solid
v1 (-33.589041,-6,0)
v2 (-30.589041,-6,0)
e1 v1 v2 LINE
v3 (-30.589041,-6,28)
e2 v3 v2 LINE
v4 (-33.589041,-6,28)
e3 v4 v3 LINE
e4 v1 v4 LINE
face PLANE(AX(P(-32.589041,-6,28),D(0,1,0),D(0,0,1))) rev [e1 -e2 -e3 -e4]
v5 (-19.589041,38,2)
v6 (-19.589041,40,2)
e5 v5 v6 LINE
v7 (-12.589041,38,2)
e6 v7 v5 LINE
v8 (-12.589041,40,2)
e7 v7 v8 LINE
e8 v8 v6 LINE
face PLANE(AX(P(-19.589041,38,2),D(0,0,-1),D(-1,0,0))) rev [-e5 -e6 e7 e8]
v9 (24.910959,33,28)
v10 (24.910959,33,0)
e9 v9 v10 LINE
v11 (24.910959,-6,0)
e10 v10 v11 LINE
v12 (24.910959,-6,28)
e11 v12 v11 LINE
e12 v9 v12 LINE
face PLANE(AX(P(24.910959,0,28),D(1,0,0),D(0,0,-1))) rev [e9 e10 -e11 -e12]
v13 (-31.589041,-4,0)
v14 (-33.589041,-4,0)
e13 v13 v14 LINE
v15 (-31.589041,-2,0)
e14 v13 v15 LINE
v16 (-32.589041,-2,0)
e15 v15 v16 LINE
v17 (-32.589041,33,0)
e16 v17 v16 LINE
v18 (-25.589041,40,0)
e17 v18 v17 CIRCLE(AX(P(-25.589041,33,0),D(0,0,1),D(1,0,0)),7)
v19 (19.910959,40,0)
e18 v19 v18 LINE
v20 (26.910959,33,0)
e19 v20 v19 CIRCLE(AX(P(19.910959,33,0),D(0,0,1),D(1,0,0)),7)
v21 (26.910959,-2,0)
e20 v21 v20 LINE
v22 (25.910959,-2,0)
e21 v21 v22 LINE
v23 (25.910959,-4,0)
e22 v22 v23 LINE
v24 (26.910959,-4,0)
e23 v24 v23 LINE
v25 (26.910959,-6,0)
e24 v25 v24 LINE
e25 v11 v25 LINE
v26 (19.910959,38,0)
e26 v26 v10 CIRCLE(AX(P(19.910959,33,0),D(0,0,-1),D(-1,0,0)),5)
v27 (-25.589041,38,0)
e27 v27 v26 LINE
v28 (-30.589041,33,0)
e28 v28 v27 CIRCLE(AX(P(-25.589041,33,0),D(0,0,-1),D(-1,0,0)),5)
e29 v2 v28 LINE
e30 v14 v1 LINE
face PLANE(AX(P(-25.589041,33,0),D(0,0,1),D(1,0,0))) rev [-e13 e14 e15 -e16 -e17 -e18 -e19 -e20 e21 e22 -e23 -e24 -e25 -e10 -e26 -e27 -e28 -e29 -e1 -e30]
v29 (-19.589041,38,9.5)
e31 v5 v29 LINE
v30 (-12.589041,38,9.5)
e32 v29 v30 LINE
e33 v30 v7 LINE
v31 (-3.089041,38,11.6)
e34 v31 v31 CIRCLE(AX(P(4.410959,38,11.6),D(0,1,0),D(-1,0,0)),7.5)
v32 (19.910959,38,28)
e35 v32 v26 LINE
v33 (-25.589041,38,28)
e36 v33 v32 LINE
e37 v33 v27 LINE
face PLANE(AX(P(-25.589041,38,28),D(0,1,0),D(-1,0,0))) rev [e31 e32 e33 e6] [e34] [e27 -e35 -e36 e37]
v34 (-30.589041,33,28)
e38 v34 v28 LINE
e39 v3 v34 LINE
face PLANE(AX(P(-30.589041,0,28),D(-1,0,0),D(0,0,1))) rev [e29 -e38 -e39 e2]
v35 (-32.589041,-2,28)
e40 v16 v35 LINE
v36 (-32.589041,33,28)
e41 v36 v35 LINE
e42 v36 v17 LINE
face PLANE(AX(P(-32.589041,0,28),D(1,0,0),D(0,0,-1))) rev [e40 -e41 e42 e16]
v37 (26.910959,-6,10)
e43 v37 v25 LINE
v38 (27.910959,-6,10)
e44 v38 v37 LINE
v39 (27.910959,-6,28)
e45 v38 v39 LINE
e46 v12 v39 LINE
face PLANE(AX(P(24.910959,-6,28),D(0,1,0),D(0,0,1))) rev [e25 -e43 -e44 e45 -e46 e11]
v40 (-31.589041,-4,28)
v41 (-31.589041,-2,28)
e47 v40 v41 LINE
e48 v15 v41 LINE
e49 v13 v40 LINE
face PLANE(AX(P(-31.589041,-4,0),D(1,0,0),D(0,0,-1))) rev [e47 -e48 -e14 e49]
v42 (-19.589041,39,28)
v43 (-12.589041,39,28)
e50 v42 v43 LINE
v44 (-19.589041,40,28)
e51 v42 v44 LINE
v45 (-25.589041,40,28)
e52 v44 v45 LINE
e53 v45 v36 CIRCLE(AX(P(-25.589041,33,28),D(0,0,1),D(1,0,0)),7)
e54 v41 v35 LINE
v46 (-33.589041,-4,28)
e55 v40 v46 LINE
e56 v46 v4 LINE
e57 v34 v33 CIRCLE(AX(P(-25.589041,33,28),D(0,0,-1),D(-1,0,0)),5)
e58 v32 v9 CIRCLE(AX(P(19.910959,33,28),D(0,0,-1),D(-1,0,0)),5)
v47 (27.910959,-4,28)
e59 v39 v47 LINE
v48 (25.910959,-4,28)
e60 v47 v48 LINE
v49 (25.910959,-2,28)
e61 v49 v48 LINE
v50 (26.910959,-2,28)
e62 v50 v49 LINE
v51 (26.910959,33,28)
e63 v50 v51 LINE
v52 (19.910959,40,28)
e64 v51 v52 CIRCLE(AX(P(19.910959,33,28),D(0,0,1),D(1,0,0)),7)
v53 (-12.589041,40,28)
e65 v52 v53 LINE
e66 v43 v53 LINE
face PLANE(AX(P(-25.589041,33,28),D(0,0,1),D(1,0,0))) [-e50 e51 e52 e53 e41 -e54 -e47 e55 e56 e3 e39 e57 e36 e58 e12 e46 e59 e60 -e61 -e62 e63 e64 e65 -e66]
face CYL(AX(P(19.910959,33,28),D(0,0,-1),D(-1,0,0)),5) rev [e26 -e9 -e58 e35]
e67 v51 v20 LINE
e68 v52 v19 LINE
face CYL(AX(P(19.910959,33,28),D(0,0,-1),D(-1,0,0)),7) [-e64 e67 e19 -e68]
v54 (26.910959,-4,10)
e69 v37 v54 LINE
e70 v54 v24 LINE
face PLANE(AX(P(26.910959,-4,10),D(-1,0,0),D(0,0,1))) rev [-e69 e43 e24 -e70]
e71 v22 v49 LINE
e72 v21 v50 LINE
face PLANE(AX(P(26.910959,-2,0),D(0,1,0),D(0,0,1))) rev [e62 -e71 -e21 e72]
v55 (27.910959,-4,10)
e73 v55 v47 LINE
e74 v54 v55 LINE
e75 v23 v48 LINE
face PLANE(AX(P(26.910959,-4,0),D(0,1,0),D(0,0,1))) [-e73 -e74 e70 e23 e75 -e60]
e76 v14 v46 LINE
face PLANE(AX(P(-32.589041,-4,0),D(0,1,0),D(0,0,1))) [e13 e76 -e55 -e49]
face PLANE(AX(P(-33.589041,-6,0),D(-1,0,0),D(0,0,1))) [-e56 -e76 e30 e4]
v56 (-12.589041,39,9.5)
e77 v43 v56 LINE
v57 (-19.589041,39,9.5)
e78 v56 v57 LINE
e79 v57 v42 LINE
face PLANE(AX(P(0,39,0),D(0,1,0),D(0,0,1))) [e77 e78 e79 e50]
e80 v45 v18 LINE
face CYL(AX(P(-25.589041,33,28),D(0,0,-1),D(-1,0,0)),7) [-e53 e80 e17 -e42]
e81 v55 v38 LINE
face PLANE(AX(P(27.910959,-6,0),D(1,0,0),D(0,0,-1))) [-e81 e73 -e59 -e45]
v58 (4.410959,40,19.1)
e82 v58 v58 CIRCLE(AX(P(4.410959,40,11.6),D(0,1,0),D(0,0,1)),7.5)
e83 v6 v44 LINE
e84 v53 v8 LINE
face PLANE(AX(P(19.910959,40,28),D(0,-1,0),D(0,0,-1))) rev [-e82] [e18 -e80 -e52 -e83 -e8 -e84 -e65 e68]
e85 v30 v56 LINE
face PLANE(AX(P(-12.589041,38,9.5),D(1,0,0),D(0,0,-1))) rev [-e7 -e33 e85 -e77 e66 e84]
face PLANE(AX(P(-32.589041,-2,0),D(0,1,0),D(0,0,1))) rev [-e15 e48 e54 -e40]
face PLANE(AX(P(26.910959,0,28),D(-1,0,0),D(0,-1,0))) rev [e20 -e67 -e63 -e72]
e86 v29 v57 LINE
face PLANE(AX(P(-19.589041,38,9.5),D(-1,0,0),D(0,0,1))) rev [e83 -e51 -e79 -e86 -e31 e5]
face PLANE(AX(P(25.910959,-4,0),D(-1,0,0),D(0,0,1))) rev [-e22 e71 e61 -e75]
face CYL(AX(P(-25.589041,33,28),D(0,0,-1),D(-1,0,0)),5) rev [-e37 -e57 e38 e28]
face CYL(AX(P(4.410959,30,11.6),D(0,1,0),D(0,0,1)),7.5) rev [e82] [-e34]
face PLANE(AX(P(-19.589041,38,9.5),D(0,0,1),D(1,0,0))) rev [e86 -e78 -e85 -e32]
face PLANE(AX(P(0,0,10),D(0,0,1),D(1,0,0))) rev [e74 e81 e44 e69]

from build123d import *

# Parameters (mm, degrees)
BOSS_EXTRUDE1_DEPTH = 28
SKETCH2_W           = 1
SKETCH2_H           = 2
BOSS_EXTRUDE2_DEPTH = 28
SKETCH3_W           = 1
SKETCH3_H           = 2
CUT_EXTRUDE1_DEPTH  = 60.264016753
SKETCH4_R           = 7.5
CUT_EXTRUDE2_DEPTH  = 10
SKETCH5_W           = 1
SKETCH5_H           = 2
CUT_EXTRUDE3_DEPTH  = 10
SKETCH6_W           = 7
SKETCH6_H           = 7.5
CUT_EXTRUDE4_DEPTH  = 2
SKETCH7_W           = 7
SKETCH7_H           = 18.5
CUT_EXTRUDE5_DEPTH  = 1


with BuildPart() as part:
    # Sketch1 → Boss-Extrude1 (new body)
    with BuildSketch(Plane.XY):
        with BuildLine():
            Line((-30.589041096, 0), (-30.589041096, 33))
            ThreePointArc((-30.589041096, 33), (-29.124575002, 36.535533906), (-25.589041096, 38))
            Line((-25.589041096, 38), (19.910958904, 38))
            ThreePointArc((19.910958904, 38), (23.44649281, 36.535533906), (24.910958904, 33))
            Line((24.910958904, 33), (24.910958904, 0))
            Line((24.910958904, 0), (24.910958904, -6))
            Line((24.910958904, -6), (26.910958904, -6))
            Line((26.910958904, -6), (26.910958904, 0))
            Line((26.910958904, 0), (26.910958904, 33))
            ThreePointArc((26.910958904, 33), (24.860706372, 37.949747468), (19.910958904, 40))
            Line((19.910958904, 40), (-25.589041096, 40))
            ThreePointArc((-25.589041096, 40), (-30.538788564, 37.949747468), (-32.589041096, 33))
            Line((-32.589041096, 33), (-32.589041096, 0))
            Line((-32.589041096, 0), (-32.589041096, -6))
            Line((-32.589041096, -6), (-30.589041096, -6))
            Line((-30.589041096, -6), (-30.589041096, 0))
        make_face()
    extrude(amount=BOSS_EXTRUDE1_DEPTH)

    # Sketch2 → Boss-Extrude2 (add, through all)
    with BuildSketch(Plane.XY.offset(28)):
        with Locations((-33.089041096, -5)):
            Rectangle(SKETCH2_W, SKETCH2_H)
        with Locations((27.410958904, -5)):
            Rectangle(SKETCH2_W, SKETCH2_H)
    extrude(amount=-BOSS_EXTRUDE2_DEPTH)

    # Sketch3 → Cut-Extrude1 (cut, through all)
    with BuildSketch(Plane.XY.offset(28)):
        with Locations((-32.089041096, -3)):
            Rectangle(SKETCH3_W, SKETCH3_H)
        with Locations((26.410958904, -3)):
            Rectangle(SKETCH3_W, SKETCH3_H)
    extrude(amount=-CUT_EXTRUDE1_DEPTH, mode=Mode.SUBTRACT)

    # Sketch4 → Cut-Extrude2 (cut)
    with BuildSketch(Plane(origin=(0, 40, 0), x_dir=(1, 0, 0), z_dir=(0, 1, 0))):
        with Locations(Location((4.410958904, -11.6, 0), (0, 0, 270))):
            Circle(SKETCH4_R)
    extrude(amount=-CUT_EXTRUDE2_DEPTH, mode=Mode.SUBTRACT)

    # Sketch5 → Cut-Extrude3 (cut)
    with BuildSketch(Plane(origin=(0, 0, 0), x_dir=(-1, 0, 0), z_dir=(0, 0, -1))):
        with Locations((-27.410958904, -5)):
            Rectangle(SKETCH5_W, SKETCH5_H)
    extrude(amount=-CUT_EXTRUDE3_DEPTH, mode=Mode.SUBTRACT)

    # Sketch6 → Cut-Extrude4 (cut)
    with BuildSketch(Plane(origin=(0, 40, 0), x_dir=(1, 0, 0), z_dir=(0, 1, 0))):
        with Locations((-16.089041096, -5.75)):
            Rectangle(SKETCH6_W, SKETCH6_H)
    extrude(amount=-CUT_EXTRUDE4_DEPTH, mode=Mode.SUBTRACT)

    # Sketch7 → Cut-Extrude5 (cut)
    with BuildSketch(Plane(origin=(0, 40, 0), x_dir=(1, 0, 0), z_dir=(0, 1, 0))):
        with Locations((-16.089041096, -18.75)):
            Rectangle(SKETCH7_W, SKETCH7_H)
    extrude(amount=-CUT_EXTRUDE5_DEPTH, mode=Mode.SUBTRACT)


solid = part.part
